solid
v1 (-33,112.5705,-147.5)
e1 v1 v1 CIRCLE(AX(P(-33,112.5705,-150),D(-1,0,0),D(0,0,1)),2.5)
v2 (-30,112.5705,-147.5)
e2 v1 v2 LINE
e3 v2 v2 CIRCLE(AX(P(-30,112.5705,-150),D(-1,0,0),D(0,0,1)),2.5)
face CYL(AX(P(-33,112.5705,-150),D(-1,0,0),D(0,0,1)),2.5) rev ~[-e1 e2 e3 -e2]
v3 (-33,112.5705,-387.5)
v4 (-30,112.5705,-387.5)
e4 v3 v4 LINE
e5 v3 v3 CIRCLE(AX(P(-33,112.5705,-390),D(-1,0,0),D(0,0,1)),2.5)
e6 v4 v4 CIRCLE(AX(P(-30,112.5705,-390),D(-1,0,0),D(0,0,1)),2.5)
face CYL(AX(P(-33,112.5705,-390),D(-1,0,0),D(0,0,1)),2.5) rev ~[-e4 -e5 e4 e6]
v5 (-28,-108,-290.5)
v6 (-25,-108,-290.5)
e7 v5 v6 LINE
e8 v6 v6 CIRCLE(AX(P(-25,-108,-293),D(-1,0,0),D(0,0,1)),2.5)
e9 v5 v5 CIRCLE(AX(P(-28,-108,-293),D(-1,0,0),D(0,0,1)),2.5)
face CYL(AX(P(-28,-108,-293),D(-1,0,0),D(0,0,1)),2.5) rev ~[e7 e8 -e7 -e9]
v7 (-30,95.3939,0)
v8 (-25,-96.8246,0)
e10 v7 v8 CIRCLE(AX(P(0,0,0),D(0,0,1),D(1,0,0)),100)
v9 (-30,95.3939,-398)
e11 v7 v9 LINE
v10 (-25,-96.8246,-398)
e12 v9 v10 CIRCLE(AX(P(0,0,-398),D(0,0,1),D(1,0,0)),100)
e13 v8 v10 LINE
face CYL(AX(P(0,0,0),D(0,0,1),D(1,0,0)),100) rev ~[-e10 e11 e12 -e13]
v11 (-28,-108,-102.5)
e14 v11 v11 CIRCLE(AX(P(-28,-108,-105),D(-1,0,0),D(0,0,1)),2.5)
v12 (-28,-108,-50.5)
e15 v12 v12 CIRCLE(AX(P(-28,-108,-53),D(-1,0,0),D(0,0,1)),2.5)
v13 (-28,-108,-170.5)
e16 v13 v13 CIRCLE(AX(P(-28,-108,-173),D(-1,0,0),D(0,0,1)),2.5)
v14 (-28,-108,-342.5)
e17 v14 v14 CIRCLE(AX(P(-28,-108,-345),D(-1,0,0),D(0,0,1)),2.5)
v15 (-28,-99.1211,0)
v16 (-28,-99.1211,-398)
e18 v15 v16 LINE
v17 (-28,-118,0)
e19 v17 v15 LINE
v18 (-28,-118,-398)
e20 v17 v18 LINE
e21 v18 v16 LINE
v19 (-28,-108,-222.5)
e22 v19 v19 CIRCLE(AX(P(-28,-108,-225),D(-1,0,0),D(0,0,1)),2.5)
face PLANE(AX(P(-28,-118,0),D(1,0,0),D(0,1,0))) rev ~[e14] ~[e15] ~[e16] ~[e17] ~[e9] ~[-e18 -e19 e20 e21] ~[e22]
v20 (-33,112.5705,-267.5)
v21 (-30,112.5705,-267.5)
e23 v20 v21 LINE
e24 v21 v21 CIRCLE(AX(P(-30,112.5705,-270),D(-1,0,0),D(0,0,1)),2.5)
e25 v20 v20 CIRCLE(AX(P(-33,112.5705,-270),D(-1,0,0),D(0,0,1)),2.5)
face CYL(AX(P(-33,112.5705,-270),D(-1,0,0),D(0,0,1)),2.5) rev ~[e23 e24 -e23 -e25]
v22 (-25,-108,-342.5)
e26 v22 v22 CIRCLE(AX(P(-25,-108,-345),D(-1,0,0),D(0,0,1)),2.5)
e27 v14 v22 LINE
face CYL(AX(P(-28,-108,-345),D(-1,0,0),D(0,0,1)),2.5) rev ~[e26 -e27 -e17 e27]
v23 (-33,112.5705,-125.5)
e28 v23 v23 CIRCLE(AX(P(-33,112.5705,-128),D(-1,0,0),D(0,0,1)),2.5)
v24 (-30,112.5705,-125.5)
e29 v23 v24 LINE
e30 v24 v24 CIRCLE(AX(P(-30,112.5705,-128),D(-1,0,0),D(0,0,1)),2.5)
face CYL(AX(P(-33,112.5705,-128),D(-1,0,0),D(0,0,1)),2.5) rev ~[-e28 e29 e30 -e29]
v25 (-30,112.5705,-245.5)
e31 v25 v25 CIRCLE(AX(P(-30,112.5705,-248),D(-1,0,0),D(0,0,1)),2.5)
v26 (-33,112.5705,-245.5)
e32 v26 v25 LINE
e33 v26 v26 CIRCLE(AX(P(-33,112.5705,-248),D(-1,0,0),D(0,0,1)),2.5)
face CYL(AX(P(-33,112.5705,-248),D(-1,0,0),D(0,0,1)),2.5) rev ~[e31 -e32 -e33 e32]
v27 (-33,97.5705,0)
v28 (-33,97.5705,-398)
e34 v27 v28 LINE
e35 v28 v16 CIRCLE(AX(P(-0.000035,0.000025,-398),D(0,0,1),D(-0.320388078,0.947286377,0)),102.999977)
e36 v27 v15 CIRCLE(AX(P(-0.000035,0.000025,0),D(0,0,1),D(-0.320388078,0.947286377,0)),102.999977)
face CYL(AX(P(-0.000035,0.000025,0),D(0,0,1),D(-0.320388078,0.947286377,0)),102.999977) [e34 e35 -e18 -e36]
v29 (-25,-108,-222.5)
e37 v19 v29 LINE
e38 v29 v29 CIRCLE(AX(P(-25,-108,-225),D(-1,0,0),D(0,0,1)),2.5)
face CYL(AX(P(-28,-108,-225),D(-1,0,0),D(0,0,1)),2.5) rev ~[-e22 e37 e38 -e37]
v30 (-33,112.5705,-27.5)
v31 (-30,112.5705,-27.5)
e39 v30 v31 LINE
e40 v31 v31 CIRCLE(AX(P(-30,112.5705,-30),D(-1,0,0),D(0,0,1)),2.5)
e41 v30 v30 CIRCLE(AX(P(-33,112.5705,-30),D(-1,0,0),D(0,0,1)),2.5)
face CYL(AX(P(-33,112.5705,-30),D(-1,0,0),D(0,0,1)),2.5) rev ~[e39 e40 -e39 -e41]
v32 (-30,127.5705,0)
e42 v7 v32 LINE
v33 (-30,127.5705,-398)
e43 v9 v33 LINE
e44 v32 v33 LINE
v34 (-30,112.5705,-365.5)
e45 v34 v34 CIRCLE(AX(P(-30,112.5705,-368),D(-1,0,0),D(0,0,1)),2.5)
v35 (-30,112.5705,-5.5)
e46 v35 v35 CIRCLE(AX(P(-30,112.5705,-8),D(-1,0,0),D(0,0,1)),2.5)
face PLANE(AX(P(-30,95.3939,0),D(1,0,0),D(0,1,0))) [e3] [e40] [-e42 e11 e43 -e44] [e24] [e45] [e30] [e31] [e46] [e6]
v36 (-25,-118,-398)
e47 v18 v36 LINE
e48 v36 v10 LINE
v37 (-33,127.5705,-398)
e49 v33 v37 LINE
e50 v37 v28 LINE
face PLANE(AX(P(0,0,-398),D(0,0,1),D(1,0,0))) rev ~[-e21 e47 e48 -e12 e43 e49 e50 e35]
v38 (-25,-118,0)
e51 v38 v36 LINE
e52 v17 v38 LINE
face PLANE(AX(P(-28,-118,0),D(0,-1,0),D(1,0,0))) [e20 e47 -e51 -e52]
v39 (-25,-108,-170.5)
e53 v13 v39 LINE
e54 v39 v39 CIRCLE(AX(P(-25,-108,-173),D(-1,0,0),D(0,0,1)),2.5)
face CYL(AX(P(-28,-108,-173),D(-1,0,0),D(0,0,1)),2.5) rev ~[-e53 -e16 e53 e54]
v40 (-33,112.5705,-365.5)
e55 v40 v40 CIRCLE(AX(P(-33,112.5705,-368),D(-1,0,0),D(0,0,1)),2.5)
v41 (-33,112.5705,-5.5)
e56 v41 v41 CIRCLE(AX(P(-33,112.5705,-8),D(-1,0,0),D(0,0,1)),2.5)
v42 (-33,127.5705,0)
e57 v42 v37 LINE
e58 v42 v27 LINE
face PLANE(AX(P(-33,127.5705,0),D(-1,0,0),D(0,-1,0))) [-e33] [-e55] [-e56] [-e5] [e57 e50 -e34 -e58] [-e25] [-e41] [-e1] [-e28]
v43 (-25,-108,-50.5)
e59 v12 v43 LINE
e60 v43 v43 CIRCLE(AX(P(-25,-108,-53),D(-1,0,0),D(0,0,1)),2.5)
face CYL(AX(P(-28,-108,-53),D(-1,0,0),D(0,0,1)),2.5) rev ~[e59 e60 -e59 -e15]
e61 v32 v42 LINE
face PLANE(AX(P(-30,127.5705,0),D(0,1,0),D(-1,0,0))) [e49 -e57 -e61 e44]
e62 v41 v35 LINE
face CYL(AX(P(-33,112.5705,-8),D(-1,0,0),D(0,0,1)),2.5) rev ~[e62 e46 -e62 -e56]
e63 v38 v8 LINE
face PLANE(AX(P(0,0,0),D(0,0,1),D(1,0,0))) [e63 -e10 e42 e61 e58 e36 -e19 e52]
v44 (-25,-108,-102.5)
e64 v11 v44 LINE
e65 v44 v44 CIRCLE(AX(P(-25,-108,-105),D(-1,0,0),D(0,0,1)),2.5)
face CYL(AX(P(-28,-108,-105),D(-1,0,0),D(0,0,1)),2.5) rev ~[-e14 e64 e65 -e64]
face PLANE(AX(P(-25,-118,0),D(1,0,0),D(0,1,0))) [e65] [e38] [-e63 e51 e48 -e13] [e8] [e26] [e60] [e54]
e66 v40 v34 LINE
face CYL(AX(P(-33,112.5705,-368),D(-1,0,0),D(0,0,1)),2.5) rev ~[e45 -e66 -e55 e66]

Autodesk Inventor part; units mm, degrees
ref_plane "YZ Plane" through (0, 0, 0) normal (1, 0, 0) x (0, 1, 0)
ref_plane "XZ Plane" through (0, 0, 0) normal (0, 1, 0) x (-1, 0, 0)
ref_plane "XY Plane" through (0, 0, 0) normal (0, 0, 1) x (1, 0, 0)
sketch "草图1" plane through (0, 0, 0) normal (0, 0, 1) x (1, 0, 0)
  circle A0 centre (0, 0) radius 100
  line L0 (-25, -96.8246) -> (25, -96.8246)
  line L1 (25, -96.8246) -> (25, -118)
  line L2 (25, -118) -> (-25, -118)
  line L3 (-25, -118) -> (-25, -96.8246)
  arc A1 (-33, 97.5705) -> (-28, -99.1211) centre (0, 0) ccw
  line L4 (-28, -118) -> (-28, -99.1211)
  line L5 (-28, -118) -> (-25, -118)
  line L6 (-30, 95.3939) -> (-30, 127.5705)
  line L7 (-30, 127.5705) -> (-33, 127.5705)
  line L8 (-33, 127.5705) -> (-33, 97.5705)
  line L9 (0, -100) -> (25, -100)
  dimension "d0" = 200
  dimension "d2" = 50
  dimension "d3" = 33
  dimension "d4" = 3
  dimension "d5" = 3
  dimension "d6" = 3
  dimension "d7" = 30
  dimension "d10" = 18
extrude "拉伸1" add sketch "草图1" against normal blind 398 contours A0 L3 L5 L4 A1 L8 L7 L6
sketch "草图2" plane through (-28, -118, 0) normal (-1, 0, 0) x (0, 0, 1)
  circle A0 centre (-53, 10) radius 2.5
  circle A1 centre (-105, 10) radius 2.5
  line L0 (0, 18.8789) -> (0, 0) projected
  line L1 (0, 0) -> (-398, 0) projected
  point P0 (0, 118)
  dimension "d11" = 5
  dimension "d12" = 5
  dimension "d13" = 53
  dimension "d14" = 105
  dimension "d15" = 10
  dimension "d16" = 10
extrude "拉伸2" cut sketch "草图2" against normal blind 3
pattern_linear "矩形阵列1" count 3 spacing 120 along (0, 0, -1) of "拉伸2"
sketch "草图3" plane through (-33, 97.5705, 0) normal (-1, 0, 0) x (0, 0, 1)
  circle A0 centre (-8, 15) radius 2.5
  circle A1 centre (-30, 15) radius 2.5
  line L0 (0, 30) -> (0, 0) projected
  line L1 (0, 30) -> (-398, 30) projected
  point P0 (0, -97.5705)
  dimension "d22" = 5
  dimension "d23" = 5
  dimension "d24" = 8
  dimension "d25" = 30
  dimension "d26" = 15
  dimension "d27" = 15
extrude "拉伸3" cut sketch "草图3" against normal blind 3
pattern_linear "矩形阵列2" count 4 spacing 120 along (0, 0, -1) of "拉伸3"
properties part number "装填斗罩"
